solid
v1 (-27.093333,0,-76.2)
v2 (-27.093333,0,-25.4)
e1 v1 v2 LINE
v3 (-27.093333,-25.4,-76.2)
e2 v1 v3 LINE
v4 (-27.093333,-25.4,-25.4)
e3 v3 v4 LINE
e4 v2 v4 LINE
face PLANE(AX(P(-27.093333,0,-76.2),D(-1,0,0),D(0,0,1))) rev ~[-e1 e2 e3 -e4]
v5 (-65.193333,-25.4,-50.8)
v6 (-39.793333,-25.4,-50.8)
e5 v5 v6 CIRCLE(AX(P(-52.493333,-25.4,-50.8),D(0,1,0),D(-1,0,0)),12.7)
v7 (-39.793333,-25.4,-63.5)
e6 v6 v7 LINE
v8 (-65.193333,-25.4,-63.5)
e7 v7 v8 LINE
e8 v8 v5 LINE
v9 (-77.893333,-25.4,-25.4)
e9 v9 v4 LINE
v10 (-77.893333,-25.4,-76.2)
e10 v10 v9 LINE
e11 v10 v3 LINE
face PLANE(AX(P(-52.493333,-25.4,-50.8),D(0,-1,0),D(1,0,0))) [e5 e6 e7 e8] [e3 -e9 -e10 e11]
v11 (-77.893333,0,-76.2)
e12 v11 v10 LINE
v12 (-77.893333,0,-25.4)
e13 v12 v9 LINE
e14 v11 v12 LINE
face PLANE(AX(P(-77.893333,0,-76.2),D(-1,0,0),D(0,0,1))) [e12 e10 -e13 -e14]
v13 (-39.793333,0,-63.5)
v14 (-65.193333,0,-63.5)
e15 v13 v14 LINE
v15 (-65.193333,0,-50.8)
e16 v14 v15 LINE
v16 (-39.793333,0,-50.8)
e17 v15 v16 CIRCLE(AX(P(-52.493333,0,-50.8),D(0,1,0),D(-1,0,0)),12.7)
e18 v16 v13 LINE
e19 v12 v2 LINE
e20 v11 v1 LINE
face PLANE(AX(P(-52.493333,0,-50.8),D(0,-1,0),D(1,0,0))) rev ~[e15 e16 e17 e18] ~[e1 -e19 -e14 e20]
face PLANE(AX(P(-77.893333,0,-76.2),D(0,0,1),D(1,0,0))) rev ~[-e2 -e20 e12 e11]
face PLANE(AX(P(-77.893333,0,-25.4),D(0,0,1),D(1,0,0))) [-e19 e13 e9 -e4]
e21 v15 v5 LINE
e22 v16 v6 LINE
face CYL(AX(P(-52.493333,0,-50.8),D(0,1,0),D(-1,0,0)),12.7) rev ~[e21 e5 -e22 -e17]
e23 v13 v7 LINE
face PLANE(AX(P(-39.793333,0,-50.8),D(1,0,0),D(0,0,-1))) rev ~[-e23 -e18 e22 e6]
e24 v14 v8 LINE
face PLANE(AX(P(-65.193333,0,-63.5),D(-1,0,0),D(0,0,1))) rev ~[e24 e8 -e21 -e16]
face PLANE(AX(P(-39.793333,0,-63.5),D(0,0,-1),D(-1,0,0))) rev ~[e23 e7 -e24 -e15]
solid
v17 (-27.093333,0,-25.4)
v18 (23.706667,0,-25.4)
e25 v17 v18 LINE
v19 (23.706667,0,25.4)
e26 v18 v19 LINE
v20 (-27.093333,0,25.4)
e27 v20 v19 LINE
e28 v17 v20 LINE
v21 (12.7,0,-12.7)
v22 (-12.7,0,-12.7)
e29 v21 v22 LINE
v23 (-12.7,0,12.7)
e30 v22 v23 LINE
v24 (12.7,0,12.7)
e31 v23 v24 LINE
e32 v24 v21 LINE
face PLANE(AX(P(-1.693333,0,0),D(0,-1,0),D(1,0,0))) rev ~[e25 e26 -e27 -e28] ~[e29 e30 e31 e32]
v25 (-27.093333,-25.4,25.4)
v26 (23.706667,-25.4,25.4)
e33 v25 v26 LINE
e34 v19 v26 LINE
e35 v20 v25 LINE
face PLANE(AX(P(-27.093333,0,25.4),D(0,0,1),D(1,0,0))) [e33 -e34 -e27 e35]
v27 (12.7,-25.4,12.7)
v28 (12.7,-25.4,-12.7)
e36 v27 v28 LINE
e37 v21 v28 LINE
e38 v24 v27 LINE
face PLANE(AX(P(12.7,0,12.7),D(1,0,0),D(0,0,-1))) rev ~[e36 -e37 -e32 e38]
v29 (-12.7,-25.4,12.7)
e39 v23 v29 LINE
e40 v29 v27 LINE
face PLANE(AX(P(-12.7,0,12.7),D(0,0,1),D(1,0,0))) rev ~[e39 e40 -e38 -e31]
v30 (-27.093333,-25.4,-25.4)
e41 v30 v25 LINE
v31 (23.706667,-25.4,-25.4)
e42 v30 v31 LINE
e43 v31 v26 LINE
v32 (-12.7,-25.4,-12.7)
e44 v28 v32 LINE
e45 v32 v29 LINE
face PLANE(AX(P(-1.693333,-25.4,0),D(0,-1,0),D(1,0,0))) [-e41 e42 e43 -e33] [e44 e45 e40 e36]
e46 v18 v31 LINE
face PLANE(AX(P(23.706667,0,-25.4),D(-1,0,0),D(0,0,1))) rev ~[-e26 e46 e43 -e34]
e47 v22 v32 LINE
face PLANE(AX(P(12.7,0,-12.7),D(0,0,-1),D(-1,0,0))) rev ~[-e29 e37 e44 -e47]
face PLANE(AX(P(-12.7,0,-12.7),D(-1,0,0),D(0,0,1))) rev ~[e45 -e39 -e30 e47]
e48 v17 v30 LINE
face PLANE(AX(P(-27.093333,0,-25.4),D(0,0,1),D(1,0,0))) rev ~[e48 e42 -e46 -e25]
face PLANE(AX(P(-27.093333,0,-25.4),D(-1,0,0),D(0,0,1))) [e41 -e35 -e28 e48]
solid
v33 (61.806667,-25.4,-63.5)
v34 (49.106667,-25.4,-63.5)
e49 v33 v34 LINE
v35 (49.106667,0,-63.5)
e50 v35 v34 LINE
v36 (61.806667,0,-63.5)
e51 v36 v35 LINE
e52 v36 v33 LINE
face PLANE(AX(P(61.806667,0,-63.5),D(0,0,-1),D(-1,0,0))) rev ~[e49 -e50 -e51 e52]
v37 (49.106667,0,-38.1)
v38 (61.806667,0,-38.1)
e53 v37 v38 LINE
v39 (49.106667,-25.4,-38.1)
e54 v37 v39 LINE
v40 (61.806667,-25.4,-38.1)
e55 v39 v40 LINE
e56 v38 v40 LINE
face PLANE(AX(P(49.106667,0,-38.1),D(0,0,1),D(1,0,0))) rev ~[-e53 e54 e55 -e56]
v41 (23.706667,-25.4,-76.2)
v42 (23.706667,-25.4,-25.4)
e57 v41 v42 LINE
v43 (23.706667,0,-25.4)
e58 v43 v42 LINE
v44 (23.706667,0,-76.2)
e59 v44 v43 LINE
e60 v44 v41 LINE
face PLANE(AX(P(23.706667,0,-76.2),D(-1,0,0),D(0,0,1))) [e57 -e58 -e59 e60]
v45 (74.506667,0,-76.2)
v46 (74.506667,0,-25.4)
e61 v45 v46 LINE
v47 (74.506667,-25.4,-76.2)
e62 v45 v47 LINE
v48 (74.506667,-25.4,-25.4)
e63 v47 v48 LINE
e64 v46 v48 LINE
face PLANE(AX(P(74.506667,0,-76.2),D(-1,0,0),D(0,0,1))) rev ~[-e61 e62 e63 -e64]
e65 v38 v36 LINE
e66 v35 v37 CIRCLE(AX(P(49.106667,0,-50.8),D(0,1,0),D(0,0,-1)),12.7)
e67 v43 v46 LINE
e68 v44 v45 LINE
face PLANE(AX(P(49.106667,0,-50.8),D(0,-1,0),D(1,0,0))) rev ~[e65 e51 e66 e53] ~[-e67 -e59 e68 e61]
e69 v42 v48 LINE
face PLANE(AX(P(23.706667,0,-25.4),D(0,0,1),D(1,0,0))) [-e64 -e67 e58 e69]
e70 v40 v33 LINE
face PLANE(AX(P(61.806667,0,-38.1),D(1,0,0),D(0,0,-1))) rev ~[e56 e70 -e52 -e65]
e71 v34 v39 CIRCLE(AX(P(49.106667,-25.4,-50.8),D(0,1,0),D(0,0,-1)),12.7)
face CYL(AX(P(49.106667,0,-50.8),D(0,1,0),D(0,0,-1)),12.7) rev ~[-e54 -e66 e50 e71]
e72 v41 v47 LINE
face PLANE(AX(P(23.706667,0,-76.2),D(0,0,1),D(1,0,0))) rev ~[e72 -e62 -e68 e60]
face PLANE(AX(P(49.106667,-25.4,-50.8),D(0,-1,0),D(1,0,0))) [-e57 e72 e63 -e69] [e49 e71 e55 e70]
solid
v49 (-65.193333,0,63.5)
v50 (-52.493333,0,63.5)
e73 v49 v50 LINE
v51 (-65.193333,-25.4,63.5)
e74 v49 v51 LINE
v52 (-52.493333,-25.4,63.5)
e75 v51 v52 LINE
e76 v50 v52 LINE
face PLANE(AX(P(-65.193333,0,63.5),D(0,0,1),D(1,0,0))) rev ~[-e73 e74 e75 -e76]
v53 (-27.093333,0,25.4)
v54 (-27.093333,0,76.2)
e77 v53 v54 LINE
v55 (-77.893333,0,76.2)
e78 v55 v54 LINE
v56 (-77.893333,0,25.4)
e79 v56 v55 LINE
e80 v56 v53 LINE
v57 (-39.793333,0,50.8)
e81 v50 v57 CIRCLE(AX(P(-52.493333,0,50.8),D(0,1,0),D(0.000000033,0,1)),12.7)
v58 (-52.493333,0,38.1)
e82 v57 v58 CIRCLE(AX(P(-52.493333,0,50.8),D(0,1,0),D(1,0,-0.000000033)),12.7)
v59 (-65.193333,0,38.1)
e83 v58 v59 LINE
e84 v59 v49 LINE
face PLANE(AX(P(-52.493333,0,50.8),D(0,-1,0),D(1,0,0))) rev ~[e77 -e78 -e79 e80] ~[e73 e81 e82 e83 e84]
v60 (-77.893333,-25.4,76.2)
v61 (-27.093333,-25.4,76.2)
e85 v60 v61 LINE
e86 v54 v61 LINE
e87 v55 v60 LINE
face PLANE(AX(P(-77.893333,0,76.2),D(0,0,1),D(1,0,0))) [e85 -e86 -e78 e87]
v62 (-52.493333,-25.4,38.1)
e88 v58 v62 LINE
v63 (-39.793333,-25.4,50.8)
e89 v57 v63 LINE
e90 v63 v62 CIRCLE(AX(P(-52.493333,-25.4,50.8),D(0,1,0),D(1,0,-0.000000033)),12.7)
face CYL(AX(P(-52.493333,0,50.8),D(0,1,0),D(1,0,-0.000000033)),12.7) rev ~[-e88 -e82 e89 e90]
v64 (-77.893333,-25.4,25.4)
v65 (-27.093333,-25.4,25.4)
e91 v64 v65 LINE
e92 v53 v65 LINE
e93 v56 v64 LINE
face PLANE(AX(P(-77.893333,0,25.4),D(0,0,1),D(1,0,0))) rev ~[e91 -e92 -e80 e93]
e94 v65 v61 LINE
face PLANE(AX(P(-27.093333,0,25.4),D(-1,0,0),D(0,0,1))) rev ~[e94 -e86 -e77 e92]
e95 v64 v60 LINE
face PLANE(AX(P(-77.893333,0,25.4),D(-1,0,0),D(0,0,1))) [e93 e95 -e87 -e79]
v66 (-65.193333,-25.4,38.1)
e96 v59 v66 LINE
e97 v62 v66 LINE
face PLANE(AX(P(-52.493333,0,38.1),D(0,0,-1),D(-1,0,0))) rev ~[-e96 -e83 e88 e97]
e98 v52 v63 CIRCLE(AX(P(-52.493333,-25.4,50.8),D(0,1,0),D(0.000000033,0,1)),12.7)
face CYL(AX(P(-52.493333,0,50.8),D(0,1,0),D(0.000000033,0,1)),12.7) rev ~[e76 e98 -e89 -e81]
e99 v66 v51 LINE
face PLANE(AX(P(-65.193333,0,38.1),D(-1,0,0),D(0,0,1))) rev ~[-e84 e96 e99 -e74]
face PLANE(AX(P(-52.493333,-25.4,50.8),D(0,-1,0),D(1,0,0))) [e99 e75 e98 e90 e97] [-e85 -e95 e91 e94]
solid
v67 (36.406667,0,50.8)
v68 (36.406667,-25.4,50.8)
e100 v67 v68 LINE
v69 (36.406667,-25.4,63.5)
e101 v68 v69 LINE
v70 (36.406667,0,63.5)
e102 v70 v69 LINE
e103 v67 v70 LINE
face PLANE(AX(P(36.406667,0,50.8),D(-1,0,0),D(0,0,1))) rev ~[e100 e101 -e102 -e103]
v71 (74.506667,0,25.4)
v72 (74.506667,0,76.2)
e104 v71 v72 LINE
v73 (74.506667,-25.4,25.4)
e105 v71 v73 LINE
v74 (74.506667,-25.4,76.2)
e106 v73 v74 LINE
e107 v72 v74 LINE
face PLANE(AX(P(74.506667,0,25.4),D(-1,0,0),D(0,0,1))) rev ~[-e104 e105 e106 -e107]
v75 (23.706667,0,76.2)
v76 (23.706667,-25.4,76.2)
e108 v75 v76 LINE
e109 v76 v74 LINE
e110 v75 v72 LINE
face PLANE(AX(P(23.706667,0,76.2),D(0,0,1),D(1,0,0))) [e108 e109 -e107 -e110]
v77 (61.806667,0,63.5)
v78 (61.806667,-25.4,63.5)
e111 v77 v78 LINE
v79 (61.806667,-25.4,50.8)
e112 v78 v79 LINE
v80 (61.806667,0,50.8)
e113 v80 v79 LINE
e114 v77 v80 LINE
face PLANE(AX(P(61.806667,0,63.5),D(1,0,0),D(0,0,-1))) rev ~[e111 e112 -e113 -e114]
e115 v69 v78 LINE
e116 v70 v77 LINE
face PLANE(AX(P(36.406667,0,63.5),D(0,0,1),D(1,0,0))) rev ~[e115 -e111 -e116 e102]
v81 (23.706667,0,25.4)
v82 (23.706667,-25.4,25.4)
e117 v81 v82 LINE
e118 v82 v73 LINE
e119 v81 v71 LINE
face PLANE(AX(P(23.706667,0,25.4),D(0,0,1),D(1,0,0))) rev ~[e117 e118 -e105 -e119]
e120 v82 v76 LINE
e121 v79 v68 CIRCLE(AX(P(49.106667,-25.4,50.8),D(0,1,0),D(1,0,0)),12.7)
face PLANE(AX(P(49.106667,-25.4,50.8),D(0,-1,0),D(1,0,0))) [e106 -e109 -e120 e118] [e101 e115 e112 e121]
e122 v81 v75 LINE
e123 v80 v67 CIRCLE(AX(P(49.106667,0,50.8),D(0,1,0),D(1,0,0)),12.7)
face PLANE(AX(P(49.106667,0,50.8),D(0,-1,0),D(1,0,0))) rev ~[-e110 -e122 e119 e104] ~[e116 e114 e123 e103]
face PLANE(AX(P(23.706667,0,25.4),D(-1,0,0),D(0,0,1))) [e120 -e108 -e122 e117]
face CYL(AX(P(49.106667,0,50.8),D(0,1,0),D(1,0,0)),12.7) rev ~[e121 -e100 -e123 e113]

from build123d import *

# Parameters (mm, degrees)
F0_W     = 50.8
F0_H     = 50.8
F1_DEPTH = 25.4


with BuildPart() as f1:
    # F0 (on Front) → F1 (new body)
    with BuildSketch(Plane.XZ):
        with Locations((-1.693333, 0)):
            Rectangle(F0_W, F0_H)
        Polygon((-12.7, 0), (-12.7, 12.7), (0, 12.7), (12.7, 12.7), (12.7, 0), (12.7, -12.7), (0, -12.7), (-12.7, -12.7), align=None, mode=Mode.SUBTRACT)
        with Locations((49.106667, -50.8)):
            Rectangle(F0_W, F0_H)
        with BuildLine():
            ThreePointArc((49.106667, -63.5), (36.406667, -50.8), (49.106667, -38.1))
            Line((49.106667, -38.1), (61.806667, -38.1))
            Line((61.806667, -38.1), (61.806667, -50.8))
            Line((61.806667, -50.8), (61.806667, -63.5))
            Line((61.806667, -63.5), (49.106667, -63.5))
        make_face(mode=Mode.SUBTRACT)
        with Locations((-52.493333, -50.8)):
            Rectangle(F0_W, F0_H)
        with BuildLine():
            Line((-39.793333, -50.8), (-39.793333, -63.5))
            Line((-39.793333, -63.5), (-52.493333, -63.5))
            Line((-52.493333, -63.5), (-65.193333, -63.5))
            Line((-65.193333, -63.5), (-65.193333, -50.8))
            ThreePointArc((-65.193333, -50.8), (-52.493333, -38.1), (-39.793333, -50.8))
        make_face(mode=Mode.SUBTRACT)
        with Locations((-52.493333, 50.8)):
            Rectangle(F0_W, F0_H)
        with BuildLine():
            ThreePointArc((-39.793333, 50.8), (-43.513077, 41.819744), (-52.493333, 38.1))
            Line((-52.493333, 38.1), (-65.193333, 38.1))
            Line((-65.193333, 38.1), (-65.193333, 50.8))
            Line((-65.193333, 50.8), (-65.193333, 63.5))
            Line((-65.193333, 63.5), (-52.493333, 63.5))
            ThreePointArc((-52.493333, 63.5), (-43.513077, 59.780256), (-39.793333, 50.8))
        make_face(mode=Mode.SUBTRACT)
        with Locations((49.106667, 50.8)):
            Rectangle(F0_W, F0_H)
        with BuildLine():
            Line((49.106667, 63.5), (61.806667, 63.5))
            Line((61.806667, 63.5), (61.806667, 50.8))
            ThreePointArc((61.806667, 50.8), (49.106667, 38.1), (36.406667, 50.8))
            Line((36.406667, 50.8), (36.406667, 63.5))
            Line((36.406667, 63.5), (49.106667, 63.5))
        make_face(mode=Mode.SUBTRACT)
    extrude(amount=F1_DEPTH)


solid = f1.part
